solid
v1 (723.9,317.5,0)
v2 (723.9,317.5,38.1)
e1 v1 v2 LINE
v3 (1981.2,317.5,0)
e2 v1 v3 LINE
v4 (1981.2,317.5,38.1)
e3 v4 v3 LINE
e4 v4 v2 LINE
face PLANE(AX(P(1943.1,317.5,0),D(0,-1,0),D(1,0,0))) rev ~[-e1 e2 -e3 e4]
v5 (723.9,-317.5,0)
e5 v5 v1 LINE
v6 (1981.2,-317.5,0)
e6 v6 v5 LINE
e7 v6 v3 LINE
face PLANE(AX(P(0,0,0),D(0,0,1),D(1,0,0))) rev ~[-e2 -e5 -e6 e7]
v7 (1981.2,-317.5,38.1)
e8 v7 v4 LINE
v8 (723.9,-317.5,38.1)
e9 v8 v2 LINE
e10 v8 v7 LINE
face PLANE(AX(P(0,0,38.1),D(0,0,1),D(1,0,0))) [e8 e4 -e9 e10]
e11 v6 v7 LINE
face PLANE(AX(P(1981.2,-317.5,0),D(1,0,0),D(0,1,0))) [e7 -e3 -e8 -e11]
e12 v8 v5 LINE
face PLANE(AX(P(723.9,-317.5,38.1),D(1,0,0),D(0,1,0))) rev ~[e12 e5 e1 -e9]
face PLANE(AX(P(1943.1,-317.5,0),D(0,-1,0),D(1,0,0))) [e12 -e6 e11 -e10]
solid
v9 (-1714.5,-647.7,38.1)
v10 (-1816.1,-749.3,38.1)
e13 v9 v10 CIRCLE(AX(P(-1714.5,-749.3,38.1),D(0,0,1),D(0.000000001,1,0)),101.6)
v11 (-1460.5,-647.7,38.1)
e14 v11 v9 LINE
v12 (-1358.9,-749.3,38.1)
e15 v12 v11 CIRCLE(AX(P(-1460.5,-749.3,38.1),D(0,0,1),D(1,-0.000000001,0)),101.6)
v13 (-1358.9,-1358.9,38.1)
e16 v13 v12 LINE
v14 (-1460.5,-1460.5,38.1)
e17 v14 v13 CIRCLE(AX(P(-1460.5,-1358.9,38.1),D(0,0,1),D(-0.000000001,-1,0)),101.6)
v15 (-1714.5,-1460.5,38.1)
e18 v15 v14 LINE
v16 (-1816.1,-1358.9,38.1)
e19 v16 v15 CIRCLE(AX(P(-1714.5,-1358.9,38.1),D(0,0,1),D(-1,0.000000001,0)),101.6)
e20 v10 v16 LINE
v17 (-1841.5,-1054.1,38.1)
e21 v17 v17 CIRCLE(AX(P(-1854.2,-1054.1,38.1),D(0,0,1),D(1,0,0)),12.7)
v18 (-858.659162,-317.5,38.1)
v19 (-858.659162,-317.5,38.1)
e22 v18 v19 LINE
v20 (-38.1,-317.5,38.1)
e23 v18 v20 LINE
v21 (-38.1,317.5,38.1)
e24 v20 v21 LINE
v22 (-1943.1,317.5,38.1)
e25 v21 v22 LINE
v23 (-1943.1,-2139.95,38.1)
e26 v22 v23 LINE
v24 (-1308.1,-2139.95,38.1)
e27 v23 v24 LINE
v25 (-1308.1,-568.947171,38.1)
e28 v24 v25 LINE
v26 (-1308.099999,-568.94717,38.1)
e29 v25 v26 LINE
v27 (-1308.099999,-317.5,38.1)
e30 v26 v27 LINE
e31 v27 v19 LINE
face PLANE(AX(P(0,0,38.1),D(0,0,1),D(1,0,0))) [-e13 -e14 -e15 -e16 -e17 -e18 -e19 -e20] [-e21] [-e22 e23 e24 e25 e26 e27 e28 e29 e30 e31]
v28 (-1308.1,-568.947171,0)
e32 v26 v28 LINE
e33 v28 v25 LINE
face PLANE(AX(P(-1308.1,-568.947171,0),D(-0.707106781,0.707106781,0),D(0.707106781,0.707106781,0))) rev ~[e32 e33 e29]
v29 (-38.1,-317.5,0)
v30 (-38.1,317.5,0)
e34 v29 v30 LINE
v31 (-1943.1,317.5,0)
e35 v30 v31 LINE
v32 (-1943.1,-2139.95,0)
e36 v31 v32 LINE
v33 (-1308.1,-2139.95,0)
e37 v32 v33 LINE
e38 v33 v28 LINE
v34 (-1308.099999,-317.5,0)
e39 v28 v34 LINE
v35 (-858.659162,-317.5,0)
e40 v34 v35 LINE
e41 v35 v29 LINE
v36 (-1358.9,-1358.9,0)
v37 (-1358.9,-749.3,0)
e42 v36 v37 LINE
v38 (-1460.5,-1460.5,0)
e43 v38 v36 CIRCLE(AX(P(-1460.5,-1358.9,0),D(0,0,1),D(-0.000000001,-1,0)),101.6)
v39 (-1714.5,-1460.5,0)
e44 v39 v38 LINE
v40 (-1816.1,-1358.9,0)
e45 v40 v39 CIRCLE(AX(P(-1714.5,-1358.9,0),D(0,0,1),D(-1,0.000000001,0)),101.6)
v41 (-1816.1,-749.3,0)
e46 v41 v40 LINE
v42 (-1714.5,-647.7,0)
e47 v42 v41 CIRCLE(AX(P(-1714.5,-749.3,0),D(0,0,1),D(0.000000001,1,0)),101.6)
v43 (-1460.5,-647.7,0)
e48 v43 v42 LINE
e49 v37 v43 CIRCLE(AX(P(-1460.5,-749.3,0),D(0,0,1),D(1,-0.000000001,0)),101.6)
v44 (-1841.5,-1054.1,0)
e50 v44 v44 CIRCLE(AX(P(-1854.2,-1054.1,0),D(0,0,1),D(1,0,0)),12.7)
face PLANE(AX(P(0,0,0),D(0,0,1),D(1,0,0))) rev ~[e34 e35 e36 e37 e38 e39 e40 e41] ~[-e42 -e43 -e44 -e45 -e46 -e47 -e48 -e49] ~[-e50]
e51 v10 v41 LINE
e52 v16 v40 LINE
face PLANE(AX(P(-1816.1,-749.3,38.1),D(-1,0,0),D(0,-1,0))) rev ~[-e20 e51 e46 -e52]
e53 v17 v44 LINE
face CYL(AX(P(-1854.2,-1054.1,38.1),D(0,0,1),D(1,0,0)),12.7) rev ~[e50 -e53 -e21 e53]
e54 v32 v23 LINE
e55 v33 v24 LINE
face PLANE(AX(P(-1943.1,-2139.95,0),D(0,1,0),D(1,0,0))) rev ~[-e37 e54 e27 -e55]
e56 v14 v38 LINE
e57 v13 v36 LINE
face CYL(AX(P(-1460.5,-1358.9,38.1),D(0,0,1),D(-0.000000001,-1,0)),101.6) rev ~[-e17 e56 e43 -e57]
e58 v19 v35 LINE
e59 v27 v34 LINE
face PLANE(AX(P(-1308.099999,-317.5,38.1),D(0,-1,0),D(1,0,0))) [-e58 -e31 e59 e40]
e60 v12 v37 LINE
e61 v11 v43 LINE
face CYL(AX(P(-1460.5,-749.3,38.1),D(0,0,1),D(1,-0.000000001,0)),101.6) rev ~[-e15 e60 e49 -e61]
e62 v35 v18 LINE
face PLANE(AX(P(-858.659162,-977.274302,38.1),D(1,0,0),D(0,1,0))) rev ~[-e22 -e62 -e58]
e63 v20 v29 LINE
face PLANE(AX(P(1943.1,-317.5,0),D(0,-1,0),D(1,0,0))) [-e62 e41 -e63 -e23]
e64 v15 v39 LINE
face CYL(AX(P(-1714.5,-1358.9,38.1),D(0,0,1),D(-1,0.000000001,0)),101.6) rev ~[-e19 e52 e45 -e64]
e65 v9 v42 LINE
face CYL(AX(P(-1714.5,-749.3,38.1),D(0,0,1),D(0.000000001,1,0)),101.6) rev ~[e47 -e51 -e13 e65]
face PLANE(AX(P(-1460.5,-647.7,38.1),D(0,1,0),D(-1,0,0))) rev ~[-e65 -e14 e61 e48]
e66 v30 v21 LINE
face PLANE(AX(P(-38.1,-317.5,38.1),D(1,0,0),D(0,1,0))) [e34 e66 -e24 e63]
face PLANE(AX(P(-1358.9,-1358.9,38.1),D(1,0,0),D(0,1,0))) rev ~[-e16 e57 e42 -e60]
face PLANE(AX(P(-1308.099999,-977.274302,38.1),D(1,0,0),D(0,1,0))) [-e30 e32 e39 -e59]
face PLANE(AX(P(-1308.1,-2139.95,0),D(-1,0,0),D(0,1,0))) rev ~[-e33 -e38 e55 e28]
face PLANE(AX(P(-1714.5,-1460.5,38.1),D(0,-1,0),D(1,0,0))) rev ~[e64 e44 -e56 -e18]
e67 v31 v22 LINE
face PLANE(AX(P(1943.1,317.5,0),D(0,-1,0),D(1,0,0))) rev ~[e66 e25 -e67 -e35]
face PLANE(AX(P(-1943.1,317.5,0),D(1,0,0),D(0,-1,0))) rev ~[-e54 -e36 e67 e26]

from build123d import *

# Parameters (mm, degrees)
F0_W          = 38.1
F0_H          = 635
F1_DEPTH      = 38.1
F2_DEPTH      = 876.3
F4_W          = 762
F4_H          = 807.183926
F5_DEPTH      = 203.2
F5_DEPTH_BACK = 203.2
F6_R          = 12.7
F7_DEPTH      = 127
F2_FACE_W     = 635
F2_FACE_H     = 876.3
F8_DEPTH      = 127
F9_W          = 449.440837
F9_H          = 659.774303
F10_DEPTH     = 127


with BuildPart() as f1:
    # F0 (on Top) → F1 (new body)
    with BuildSketch(Plane.XY):
        Polygon((1943.1, -317.5), (1943.1, 317.5), (-1943.1, 317.5), (-1943.1, -317.5), (-1308.1, -317.5), (-1056.652829, -317.5), align=None)
        Polygon((-1308.1, -317.5), (-1943.1, -317.5), (-1943.1, -2139.95), (-1308.1, -2139.95), (-1308.1, -568.947171), align=None)
        with Locations((1962.15, 0)):
            Rectangle(F0_W, F0_H)
        Polygon((-1308.1, -568.947171), (-1056.652829, -317.5), (-1308.1, -317.5), align=None)
    extrude(amount=F1_DEPTH)

    # F0 (on Top) → F2 (join)
    with BuildSketch(Plane.XY):
        with Locations((1962.15, 0)):
            Rectangle(F0_W, F0_H)
    extrude(amount=-F2_DEPTH)

    # F4 (on face) → F5 (cut, two sides)
    with BuildSketch(Plane.XY.offset(38.1)) as f5_sk:
        with Locations((342.9, 86.091963)):
            Rectangle(F4_W, F4_H)
    extrude(amount=-F5_DEPTH, mode=Mode.SUBTRACT)
    extrude(f5_sk.sketch, amount=-F5_DEPTH_BACK, mode=Mode.SUBTRACT)

    # F6 (on face) → F7 (cut)
    with BuildSketch(Plane.XY.offset(38.1)):
        with BuildLine():
            ThreePointArc((-1358.9, -749.3), (-1388.657951, -677.457951), (-1460.5, -647.7))
            Line((-1460.5, -647.7), (-1714.5, -647.7))
            ThreePointArc((-1714.5, -647.7), (-1786.342049, -677.457951), (-1816.1, -749.3))
            Line((-1816.1, -749.3), (-1816.1, -1358.9))
            ThreePointArc((-1816.1, -1358.9), (-1786.342049, -1430.742049), (-1714.5, -1460.5))
            Line((-1714.5, -1460.5), (-1460.5, -1460.5))
            ThreePointArc((-1460.5, -1460.5), (-1388.657951, -1430.742049), (-1358.9, -1358.9))
            Line((-1358.9, -1358.9), (-1358.9, -749.3))
        make_face()
        with Locations((-1854.2, -1054.1)):
            Circle(F6_R)
    extrude(amount=-F7_DEPTH, mode=Mode.SUBTRACT)

    # F2_face (on face) → F8 (cut)
    with BuildSketch(Plane(origin=(1943.1, 0, -438.15), x_dir=(0, -1, 0), z_dir=(-1, 0, 0))):
        Rectangle(F2_FACE_W, F2_FACE_H)
    extrude(amount=-F8_DEPTH, mode=Mode.SUBTRACT)

    # F9 (on face) → F10 (cut)
    with BuildSketch(Plane.XY.offset(38.1)):
        with Locations((-1083.379581, -647.387151)):
            Rectangle(F9_W, F9_H)
    extrude(amount=-F10_DEPTH, mode=Mode.SUBTRACT)


solid = f1.part
